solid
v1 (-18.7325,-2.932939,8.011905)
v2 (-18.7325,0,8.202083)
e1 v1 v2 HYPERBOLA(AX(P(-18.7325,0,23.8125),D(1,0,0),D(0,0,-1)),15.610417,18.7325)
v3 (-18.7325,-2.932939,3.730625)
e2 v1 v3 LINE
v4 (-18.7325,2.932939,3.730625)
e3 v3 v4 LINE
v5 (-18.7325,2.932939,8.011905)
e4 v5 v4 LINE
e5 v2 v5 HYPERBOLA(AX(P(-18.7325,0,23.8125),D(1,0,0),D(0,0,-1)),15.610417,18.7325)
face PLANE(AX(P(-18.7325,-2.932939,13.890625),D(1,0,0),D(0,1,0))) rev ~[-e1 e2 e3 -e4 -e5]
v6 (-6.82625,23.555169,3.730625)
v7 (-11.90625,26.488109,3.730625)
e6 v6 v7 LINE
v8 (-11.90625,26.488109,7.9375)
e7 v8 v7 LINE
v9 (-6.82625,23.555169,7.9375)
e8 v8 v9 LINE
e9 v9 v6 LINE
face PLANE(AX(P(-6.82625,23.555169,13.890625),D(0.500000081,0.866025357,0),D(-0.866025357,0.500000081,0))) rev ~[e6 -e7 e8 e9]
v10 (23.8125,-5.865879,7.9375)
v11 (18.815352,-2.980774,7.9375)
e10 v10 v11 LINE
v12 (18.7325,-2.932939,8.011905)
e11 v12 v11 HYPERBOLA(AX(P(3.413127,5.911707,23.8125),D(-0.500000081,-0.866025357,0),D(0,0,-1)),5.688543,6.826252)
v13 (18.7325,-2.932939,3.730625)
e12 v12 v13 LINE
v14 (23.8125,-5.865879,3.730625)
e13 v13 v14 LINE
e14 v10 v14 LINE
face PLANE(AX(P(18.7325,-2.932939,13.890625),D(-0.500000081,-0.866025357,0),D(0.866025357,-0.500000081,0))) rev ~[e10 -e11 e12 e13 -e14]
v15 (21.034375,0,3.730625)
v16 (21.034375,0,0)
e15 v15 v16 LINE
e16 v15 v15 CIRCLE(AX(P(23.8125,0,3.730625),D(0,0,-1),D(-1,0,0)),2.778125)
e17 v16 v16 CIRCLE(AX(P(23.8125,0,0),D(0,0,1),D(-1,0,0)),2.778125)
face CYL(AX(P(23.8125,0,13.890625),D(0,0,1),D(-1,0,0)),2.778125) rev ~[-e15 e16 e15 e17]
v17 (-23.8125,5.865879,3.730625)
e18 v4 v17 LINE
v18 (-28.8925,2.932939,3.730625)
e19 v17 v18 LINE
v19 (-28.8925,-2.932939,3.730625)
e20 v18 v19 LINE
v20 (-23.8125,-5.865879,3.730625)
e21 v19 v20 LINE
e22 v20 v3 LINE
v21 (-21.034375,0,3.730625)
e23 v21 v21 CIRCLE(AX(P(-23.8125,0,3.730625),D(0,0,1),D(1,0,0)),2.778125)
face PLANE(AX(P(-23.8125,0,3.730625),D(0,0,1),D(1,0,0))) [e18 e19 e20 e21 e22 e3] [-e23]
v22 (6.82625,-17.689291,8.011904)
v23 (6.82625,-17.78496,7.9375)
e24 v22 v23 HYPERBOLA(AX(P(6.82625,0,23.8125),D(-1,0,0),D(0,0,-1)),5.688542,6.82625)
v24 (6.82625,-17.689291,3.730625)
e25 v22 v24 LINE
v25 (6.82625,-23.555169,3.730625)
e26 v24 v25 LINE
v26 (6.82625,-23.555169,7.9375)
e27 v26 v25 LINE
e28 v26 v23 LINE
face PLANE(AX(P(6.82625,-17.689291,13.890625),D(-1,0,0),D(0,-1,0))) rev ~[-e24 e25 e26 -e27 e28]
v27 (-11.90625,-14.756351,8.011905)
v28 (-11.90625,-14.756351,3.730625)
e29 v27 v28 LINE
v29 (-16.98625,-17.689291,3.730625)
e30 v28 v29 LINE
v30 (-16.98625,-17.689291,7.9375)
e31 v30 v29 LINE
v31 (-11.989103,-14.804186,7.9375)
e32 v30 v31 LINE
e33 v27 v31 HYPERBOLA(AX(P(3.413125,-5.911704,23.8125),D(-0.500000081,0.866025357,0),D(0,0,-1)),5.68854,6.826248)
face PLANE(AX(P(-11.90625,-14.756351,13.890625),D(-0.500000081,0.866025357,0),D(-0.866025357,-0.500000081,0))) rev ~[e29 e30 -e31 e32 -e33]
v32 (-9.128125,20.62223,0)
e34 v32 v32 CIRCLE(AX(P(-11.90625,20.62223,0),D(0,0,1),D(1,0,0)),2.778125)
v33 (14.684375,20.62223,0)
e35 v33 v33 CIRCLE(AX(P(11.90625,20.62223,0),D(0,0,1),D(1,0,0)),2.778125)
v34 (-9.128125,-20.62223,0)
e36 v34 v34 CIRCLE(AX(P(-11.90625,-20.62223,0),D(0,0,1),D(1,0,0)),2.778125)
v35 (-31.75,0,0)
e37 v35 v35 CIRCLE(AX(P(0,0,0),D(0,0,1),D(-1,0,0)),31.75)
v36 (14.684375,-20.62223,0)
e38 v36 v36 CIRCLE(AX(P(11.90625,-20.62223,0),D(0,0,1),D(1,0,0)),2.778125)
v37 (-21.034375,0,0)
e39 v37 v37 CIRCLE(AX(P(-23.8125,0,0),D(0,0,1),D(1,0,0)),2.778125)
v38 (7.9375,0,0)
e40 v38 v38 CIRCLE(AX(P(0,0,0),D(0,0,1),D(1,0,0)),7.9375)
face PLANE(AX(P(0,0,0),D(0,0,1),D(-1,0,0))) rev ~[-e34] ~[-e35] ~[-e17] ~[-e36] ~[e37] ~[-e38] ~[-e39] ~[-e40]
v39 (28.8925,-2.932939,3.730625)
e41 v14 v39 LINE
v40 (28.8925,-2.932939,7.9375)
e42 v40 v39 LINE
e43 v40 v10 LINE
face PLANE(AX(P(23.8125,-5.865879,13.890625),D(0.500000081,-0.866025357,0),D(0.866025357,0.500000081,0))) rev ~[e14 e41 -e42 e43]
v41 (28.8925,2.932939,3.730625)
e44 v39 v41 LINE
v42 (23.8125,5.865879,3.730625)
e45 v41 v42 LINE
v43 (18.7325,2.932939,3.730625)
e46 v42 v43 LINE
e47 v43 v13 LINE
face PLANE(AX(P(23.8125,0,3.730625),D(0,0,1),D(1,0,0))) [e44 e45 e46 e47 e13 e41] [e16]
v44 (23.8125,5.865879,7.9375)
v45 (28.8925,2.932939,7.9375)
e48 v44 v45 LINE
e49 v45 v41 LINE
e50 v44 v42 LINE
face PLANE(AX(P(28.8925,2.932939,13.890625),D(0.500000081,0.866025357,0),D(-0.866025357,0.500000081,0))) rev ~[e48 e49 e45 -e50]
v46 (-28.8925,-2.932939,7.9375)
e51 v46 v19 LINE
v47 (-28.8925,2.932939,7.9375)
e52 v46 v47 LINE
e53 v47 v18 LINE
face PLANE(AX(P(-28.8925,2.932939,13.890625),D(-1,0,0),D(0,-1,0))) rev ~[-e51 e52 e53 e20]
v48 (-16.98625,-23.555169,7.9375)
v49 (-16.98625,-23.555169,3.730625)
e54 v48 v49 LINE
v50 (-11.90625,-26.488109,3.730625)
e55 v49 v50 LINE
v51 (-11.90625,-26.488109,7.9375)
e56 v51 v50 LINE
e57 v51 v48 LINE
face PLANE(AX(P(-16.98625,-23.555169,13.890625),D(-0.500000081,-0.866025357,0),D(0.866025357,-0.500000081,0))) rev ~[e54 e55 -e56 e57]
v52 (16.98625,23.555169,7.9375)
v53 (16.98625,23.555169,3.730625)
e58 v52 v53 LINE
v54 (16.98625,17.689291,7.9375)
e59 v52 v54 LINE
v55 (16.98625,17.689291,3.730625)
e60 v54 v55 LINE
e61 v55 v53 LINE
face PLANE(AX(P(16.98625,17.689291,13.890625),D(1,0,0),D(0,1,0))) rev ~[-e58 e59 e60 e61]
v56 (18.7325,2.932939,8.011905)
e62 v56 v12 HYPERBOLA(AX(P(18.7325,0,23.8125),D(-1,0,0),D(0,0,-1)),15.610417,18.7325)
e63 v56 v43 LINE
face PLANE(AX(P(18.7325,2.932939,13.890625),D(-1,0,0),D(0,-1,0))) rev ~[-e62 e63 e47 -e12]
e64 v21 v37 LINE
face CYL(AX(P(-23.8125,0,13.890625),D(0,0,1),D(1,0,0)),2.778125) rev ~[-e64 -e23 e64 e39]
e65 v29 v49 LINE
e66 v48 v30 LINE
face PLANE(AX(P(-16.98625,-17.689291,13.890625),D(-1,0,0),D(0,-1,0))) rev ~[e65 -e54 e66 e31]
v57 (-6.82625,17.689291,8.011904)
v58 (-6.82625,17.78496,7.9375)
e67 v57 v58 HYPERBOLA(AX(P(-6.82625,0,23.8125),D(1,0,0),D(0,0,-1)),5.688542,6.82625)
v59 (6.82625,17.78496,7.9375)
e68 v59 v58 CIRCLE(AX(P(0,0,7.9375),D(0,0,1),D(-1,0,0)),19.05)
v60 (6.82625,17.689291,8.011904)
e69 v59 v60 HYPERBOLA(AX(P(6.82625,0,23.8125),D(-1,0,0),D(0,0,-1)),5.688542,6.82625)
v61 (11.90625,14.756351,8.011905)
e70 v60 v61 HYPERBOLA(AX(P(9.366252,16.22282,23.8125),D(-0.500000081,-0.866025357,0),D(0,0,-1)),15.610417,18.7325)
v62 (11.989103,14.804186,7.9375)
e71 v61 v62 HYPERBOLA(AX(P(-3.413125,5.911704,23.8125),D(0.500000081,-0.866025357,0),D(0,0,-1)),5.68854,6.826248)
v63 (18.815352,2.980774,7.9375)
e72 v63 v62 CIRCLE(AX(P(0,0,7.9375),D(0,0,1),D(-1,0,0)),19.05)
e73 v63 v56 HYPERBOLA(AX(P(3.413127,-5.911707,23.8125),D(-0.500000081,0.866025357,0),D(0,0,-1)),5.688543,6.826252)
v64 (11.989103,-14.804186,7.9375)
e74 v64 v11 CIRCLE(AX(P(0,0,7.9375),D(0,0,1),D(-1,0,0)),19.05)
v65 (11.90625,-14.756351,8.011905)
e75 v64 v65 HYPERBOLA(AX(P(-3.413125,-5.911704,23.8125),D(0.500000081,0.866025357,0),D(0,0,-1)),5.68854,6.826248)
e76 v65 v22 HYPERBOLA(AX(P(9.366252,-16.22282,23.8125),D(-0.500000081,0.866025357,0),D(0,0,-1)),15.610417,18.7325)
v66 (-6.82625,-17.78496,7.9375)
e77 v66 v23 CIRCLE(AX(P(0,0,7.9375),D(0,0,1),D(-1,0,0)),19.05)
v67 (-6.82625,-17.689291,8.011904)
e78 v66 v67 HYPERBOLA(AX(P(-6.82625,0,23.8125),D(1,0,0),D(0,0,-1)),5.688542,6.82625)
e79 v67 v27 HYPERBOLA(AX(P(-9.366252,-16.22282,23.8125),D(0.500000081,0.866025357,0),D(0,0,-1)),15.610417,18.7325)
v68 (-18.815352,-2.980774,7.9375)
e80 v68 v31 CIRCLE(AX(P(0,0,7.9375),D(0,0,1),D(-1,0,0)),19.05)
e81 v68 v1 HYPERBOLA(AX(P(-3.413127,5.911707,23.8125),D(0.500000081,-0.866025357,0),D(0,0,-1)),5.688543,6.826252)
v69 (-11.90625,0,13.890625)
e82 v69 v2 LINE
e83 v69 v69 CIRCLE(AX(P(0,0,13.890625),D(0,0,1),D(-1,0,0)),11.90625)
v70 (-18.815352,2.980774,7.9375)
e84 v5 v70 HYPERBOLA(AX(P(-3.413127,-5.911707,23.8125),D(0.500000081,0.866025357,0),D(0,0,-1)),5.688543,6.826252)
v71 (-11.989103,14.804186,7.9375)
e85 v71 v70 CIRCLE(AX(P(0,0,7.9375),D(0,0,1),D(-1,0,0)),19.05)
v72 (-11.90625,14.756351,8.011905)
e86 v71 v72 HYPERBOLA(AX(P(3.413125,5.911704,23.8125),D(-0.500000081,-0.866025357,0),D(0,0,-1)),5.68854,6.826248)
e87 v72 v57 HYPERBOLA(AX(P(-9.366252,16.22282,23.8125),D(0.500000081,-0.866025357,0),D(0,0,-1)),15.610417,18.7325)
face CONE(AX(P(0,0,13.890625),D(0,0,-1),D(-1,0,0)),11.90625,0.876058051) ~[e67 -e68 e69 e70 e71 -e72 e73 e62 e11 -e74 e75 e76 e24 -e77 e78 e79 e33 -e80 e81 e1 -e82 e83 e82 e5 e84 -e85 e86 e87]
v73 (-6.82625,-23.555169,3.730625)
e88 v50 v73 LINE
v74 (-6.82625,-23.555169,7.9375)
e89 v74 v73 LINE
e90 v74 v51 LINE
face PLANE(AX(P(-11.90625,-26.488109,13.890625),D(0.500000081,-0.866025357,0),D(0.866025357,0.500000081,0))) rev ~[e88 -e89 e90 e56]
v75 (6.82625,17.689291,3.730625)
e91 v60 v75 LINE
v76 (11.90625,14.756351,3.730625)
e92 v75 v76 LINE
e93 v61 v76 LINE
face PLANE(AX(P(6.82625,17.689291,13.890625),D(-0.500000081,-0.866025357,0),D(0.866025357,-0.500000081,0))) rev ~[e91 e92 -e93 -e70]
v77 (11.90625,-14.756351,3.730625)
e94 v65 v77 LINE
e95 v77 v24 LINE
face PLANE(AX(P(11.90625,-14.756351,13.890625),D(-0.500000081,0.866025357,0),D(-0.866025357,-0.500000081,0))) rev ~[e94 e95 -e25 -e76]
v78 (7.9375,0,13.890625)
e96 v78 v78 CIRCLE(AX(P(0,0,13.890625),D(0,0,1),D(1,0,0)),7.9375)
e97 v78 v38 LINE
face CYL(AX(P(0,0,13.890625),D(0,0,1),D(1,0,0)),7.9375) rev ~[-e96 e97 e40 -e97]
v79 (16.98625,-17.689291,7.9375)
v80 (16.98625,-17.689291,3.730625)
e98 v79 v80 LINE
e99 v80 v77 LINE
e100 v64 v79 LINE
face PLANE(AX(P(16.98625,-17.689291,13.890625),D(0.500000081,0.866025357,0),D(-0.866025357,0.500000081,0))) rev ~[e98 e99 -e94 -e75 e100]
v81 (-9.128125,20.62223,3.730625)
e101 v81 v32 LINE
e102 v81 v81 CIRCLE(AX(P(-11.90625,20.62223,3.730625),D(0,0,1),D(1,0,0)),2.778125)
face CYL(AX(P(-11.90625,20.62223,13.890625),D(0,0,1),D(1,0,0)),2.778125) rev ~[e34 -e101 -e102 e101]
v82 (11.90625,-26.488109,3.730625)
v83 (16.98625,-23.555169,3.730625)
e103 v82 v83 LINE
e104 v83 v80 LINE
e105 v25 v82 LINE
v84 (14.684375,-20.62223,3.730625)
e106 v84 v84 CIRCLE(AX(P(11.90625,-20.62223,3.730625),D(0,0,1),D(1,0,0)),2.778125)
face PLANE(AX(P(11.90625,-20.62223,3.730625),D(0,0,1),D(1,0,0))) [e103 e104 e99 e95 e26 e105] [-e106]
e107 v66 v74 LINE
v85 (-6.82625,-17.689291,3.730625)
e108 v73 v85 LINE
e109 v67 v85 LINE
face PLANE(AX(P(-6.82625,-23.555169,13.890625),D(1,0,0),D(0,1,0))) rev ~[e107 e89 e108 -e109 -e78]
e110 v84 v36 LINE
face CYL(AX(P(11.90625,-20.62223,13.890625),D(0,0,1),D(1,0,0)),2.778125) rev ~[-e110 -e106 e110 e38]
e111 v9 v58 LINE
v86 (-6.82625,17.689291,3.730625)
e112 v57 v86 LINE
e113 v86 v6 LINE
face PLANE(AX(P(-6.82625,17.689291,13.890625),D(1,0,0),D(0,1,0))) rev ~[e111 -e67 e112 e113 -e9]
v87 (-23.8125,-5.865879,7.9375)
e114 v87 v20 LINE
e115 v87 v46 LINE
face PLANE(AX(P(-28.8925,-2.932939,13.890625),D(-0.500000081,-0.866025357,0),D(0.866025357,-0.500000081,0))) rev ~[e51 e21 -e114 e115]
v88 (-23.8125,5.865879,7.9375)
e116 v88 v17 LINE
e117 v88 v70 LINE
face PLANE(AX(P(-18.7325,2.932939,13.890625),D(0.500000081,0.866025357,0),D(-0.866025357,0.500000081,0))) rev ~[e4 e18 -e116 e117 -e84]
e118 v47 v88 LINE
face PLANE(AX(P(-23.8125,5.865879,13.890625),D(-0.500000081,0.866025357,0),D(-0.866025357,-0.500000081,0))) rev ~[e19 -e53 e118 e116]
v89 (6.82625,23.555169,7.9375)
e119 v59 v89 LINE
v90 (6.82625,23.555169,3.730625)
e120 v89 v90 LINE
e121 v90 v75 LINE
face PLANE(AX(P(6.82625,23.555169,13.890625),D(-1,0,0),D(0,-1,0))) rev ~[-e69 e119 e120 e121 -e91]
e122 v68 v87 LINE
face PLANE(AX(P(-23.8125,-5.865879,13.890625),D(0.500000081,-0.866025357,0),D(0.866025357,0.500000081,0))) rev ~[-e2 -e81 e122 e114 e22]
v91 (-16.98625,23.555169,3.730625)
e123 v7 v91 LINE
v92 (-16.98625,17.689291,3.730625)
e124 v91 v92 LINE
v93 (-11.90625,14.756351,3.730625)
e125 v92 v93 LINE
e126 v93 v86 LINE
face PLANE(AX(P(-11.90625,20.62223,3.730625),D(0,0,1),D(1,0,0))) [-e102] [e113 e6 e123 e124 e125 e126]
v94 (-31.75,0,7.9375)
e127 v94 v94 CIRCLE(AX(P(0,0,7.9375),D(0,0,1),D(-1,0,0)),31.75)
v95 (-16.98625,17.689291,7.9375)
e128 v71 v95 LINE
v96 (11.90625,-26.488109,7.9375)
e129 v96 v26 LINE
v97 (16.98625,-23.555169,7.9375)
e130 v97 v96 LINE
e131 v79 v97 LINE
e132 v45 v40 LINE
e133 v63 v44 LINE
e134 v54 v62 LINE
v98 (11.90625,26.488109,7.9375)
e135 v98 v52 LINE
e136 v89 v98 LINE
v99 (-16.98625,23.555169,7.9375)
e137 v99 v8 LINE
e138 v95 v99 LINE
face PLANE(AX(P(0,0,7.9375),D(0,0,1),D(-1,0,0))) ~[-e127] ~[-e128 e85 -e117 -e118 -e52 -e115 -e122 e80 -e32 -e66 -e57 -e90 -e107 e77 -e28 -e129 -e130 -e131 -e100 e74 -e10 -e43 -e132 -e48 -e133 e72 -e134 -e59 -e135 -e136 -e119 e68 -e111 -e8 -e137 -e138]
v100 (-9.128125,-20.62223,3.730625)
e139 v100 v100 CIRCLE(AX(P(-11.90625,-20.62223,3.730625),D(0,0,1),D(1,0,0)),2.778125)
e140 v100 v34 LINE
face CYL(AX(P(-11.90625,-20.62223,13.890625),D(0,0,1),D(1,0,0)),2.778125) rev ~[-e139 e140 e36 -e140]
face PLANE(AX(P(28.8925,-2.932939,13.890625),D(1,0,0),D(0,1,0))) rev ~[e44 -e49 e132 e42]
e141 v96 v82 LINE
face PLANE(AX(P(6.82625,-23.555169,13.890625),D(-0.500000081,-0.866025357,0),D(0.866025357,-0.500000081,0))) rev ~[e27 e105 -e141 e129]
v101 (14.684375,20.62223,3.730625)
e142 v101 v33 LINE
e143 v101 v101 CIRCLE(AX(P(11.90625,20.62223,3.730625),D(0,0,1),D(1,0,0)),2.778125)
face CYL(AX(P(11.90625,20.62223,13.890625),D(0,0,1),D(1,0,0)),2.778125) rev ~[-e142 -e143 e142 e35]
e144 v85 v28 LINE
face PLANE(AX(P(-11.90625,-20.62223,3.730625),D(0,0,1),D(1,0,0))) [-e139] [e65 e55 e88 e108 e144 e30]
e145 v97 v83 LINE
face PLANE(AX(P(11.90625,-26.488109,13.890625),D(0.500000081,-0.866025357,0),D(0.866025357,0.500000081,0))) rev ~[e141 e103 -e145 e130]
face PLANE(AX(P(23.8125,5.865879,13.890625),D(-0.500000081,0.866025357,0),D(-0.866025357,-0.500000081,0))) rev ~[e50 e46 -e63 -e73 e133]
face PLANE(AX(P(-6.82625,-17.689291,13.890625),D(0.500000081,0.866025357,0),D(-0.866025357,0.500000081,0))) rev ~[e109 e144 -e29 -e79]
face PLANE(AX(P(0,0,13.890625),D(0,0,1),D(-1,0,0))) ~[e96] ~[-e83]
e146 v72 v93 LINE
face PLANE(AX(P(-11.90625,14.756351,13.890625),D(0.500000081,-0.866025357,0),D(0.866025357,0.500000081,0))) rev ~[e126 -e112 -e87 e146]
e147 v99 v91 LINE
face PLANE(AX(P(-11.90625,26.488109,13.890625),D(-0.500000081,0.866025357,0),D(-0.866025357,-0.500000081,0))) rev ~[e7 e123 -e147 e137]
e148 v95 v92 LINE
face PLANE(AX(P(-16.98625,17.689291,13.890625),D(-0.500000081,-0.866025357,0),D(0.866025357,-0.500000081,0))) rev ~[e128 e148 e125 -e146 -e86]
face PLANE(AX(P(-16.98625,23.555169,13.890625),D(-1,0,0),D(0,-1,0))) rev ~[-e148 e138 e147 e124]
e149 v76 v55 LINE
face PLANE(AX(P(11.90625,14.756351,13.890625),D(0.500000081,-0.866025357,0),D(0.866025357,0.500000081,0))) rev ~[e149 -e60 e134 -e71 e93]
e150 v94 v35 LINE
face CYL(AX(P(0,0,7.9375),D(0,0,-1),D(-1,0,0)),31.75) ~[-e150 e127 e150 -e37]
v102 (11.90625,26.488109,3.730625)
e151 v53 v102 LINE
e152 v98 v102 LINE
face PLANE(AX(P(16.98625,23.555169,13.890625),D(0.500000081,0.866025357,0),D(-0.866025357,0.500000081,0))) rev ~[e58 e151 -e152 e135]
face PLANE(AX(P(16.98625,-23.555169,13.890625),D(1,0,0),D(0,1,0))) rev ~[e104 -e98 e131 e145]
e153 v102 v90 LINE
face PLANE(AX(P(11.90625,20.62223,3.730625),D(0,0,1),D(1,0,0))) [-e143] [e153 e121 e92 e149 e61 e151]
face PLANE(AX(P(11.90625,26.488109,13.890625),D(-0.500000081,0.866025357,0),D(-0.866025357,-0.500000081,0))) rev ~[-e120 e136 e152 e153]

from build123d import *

# Parameters (mm, degrees)
F2_R     = 7.9375
F2_R_2   = 2.778125
F3_DEPTH = 25.4
F4_DEPTH = 10.16


with BuildPart() as f1:
    # F0 (on Front) → F1 (revolve)
    with BuildSketch(Plane.XZ):
        Polygon((-31.75, 0), (0, 0), (0, 13.890625), (-11.90625, 13.890625), (-19.05, 7.9375), (-31.75, 7.9375), align=None)
    revolve(axis=Axis((0, 0, 6.945312), (0, 0, 1)))

    # F2 (on face) → F3 (cut)
    with BuildSketch(Plane.XY.offset(13.890625)):
        Circle(F2_R)
        with Locations((-11.90625, 20.62223)):
            Circle(F2_R_2)
        with Locations((11.90625, 20.62223)):
            Circle(F2_R_2)
        with BuildLine():
            ThreePointArc((26.590625, 0), (23.8125, 2.778125), (21.034375, 0))
            ThreePointArc((21.034375, 0), (23.8125, -2.778125), (26.590625, 0))
        make_face()
        with Locations((11.90625, -20.62223)):
            Circle(F2_R_2)
        with Locations((-11.90625, -20.62223)):
            Circle(F2_R_2)
        with Locations((-23.8125, 0)):
            Circle(F2_R_2)
    extrude(amount=-F3_DEPTH, mode=Mode.SUBTRACT)

    # F2 (on face) → F4 (cut)
    with BuildSketch(Plane.XY.offset(13.890625)):
        Polygon((-16.98625, 23.555169), (-16.98625, 17.689291), (-11.90625, 14.756351), (-6.82625, 17.689291), (-6.82625, 23.555169), (-11.90625, 26.488109), align=None)
        with Locations((-11.90625, 20.62223)):
            Circle(F2_R_2, mode=Mode.SUBTRACT)
        Polygon((11.90625, 26.488109), (6.82625, 23.555169), (6.82625, 17.689291), (11.90625, 14.756351), (16.98625, 17.689291), (16.98625, 23.555169), align=None)
        with Locations((11.90625, 20.62223)):
            Circle(F2_R_2, mode=Mode.SUBTRACT)
        Polygon((18.7325, 2.932939), (18.7325, 0), (18.7325, -2.932939), (23.8125, -5.865879), (28.8925, -2.932939), (28.8925, 2.932939), (23.8125, 5.865879), align=None)
        with BuildLine():
            ThreePointArc((26.590625, 0), (23.8125, -2.778125), (21.034375, 0))
            ThreePointArc((21.034375, 0), (23.8125, 2.778125), (26.590625, 0))
        make_face(mode=Mode.SUBTRACT)
        Polygon((16.98625, -23.555169), (16.98625, -17.689291), (11.90625, -14.756351), (6.82625, -17.689291), (6.82625, -23.555169), (11.90625, -26.488109), align=None)
        with Locations((11.90625, -20.62223)):
            Circle(F2_R_2, mode=Mode.SUBTRACT)
        Polygon((-11.90625, -26.488109), (-6.82625, -23.555169), (-6.82625, -17.689291), (-11.90625, -14.756351), (-16.98625, -17.689291), (-16.98625, -23.555169), align=None)
        with Locations((-11.90625, -20.62223)):
            Circle(F2_R_2, mode=Mode.SUBTRACT)
        Polygon((-28.8925, -2.932939), (-23.8125, -5.865879), (-18.7325, -2.932939), (-18.7325, 2.932939), (-23.8125, 5.865879), (-28.8925, 2.932939), align=None)
        with Locations((-23.8125, 0)):
            Circle(F2_R_2, mode=Mode.SUBTRACT)
    extrude(amount=-F4_DEPTH, mode=Mode.SUBTRACT)


solid = f1.part
